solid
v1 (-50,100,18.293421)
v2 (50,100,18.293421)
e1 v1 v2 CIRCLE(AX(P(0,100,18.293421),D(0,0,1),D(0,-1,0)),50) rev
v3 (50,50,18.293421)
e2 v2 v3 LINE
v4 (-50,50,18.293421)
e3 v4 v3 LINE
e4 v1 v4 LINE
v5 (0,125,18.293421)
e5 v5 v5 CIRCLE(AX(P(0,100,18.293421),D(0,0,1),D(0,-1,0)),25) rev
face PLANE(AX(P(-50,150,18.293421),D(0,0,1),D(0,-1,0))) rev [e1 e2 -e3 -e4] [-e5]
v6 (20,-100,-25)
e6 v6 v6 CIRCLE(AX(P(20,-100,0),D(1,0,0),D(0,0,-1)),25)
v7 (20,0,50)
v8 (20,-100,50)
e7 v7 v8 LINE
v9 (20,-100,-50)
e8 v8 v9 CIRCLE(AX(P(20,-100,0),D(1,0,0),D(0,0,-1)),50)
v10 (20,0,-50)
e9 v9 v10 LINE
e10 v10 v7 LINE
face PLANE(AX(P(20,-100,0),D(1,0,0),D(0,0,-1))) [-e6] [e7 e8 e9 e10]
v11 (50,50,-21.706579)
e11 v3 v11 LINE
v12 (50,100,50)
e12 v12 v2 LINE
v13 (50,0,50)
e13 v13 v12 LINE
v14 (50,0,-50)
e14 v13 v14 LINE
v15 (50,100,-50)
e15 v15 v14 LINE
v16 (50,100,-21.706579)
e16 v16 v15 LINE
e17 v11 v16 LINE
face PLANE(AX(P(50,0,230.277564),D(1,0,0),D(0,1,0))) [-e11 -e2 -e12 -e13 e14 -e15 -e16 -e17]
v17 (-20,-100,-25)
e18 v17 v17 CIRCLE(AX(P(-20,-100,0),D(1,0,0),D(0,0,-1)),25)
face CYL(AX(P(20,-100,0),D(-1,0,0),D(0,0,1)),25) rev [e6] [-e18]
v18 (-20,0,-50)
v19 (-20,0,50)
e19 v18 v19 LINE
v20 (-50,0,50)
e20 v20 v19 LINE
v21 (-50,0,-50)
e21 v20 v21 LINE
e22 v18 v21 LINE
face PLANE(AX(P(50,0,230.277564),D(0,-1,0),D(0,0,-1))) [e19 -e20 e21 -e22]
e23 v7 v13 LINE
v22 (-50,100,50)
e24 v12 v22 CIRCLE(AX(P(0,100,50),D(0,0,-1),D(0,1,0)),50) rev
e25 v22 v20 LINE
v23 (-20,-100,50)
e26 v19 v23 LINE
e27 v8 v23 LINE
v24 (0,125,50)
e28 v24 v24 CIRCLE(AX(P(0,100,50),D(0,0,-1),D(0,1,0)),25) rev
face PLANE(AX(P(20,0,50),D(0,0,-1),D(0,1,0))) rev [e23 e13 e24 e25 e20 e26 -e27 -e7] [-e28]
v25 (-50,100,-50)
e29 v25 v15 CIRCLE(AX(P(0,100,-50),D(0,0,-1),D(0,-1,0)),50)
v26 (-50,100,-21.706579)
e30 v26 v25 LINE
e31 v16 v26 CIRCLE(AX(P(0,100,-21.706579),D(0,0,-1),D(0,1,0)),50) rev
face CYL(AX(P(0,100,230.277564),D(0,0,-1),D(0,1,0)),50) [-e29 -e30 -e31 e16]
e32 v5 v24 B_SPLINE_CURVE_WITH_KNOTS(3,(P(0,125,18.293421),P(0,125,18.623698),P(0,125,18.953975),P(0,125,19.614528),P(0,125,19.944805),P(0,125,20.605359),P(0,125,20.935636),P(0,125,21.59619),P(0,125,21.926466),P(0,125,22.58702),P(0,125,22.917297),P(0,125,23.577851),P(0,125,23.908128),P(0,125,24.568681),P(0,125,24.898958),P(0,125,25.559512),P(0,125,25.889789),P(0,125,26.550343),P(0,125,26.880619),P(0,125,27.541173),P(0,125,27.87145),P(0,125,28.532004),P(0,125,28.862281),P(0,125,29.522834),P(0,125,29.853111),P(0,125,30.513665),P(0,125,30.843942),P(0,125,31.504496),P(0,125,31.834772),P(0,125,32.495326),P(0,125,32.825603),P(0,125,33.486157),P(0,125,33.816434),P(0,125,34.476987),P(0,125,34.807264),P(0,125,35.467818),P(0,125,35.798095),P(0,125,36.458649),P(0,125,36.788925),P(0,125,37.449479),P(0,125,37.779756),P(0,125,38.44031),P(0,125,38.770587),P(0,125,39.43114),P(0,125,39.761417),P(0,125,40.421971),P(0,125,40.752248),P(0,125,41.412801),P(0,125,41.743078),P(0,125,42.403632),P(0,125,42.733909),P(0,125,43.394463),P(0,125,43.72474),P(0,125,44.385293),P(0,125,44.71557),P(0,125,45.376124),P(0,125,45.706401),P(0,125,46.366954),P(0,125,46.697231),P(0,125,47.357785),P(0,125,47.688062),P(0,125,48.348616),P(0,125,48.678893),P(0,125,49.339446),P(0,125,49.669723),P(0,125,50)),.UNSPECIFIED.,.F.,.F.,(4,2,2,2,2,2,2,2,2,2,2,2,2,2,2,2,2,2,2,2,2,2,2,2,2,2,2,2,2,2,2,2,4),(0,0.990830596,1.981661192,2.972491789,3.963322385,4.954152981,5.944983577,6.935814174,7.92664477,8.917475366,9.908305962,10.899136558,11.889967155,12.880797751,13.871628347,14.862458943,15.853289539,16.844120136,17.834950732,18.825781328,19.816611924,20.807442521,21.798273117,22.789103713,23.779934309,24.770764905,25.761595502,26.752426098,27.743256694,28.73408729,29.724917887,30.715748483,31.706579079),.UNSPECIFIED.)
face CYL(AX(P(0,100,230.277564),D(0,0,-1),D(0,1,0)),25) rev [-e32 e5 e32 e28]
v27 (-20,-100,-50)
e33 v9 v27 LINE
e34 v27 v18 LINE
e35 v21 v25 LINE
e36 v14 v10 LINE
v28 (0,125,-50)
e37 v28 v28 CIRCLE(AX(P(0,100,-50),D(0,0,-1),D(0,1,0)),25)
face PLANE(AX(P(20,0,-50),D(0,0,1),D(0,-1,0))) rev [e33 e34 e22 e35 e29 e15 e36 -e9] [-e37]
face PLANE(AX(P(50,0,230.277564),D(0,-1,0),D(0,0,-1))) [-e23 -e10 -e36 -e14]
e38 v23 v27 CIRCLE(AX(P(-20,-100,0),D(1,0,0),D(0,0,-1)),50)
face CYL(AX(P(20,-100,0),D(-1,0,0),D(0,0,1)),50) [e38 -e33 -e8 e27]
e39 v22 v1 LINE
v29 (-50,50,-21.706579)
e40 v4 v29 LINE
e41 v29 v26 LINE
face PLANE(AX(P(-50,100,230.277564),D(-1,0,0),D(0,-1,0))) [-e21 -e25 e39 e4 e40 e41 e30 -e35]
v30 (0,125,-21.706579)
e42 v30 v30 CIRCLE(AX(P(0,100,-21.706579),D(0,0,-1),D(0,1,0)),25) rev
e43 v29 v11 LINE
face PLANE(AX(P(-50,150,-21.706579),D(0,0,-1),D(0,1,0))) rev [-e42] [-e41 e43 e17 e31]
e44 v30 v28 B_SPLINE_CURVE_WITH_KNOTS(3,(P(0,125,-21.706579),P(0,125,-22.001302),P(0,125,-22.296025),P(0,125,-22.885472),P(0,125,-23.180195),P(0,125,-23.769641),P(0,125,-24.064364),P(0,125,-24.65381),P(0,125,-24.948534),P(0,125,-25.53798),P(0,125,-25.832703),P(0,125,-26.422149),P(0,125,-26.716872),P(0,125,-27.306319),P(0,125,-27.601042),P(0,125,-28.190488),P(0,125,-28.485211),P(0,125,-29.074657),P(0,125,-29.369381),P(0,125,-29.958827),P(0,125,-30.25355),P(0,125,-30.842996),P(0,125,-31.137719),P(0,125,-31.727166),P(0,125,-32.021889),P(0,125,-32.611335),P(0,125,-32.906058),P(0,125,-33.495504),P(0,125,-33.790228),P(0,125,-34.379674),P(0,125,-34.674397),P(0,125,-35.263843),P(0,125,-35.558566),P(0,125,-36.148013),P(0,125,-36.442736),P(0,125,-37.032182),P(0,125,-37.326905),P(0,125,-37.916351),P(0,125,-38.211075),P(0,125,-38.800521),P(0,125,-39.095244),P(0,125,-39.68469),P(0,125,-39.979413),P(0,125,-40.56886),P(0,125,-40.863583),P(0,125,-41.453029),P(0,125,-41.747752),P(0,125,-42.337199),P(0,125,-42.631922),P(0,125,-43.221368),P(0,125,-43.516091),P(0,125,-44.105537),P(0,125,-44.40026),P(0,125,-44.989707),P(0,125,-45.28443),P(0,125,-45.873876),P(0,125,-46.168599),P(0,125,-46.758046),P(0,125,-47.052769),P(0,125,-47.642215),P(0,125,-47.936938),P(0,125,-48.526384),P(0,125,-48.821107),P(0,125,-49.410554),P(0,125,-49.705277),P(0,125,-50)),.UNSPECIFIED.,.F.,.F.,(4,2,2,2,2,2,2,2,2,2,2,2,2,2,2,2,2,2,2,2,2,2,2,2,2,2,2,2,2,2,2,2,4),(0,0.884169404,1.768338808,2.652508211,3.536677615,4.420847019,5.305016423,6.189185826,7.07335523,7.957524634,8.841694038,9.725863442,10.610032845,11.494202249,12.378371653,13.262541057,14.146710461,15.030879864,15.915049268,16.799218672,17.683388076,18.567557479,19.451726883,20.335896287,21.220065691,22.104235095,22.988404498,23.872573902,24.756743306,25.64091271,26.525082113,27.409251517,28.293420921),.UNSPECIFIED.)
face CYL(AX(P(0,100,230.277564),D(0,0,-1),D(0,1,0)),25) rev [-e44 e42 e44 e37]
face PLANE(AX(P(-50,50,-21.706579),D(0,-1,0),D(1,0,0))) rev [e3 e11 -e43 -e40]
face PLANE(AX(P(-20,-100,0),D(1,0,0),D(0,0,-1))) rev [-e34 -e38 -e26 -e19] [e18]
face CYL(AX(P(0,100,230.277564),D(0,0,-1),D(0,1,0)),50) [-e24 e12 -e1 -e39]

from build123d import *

# Parameters (mm, degrees)
SKETCH2_R               = 25
BOSS_EXTRUDE1_DEPTH     = 20
SKETCH3_R               = 25
BOSS_EXTRUDE2_DEPTH     = 100
CUT_EXTRUDE1_DEPTH      = 188.082869339
CUT_EXTRUDE1_DEPTH_BACK = 188.082869339
SKETCH4_W               = 40
SKETCH4_H               = 100


with BuildPart() as part:
    # Sketch2 → Boss-Extrude1 (new, symmetric)
    with BuildSketch(Plane(origin=(0, 0, 0), x_dir=(0, 0, -1), z_dir=(1, 0, 0))):
        with BuildLine():
            Line((-50, 0), (50, 0))
            Line((50, 0), (50, -100))
            ThreePointArc((50, -100), (0, -150), (-50, -100))
            Line((-50, -100), (-50, 0))
        make_face()
        with Locations((0, -100)):
            Circle(SKETCH2_R, mode=Mode.SUBTRACT)
    extrude(amount=BOSS_EXTRUDE1_DEPTH, both=True)

    # Sketch3 → Boss-Extrude2 (add)
    with BuildSketch(Plane(origin=(0, 0, -50), x_dir=(-1, 0, 0), z_dir=(0, 0, -1))):
        with BuildLine():
            Line((-50, 0), (50, 0))
            Line((50, 0), (50, 100))
            ThreePointArc((50, 100), (0, 150), (-50, 100))
            Line((-50, 100), (-50, 0))
        make_face()
        with Locations(Location((0, 100, 0), (0, 0, 90))):
            Circle(SKETCH3_R, mode=Mode.SUBTRACT)
    extrude(amount=-BOSS_EXTRUDE2_DEPTH)

    # Sketch4 → Cut-Extrude1 (cut, two sides: drawn at the far end of the back side and taken through both)
    with BuildSketch(Plane(origin=(50, 0, 0), x_dir=(0, 0, -1), z_dir=(1, 0, 0)).offset(-CUT_EXTRUDE1_DEPTH_BACK)):
        with Locations((1.706579079, 100)):
            Rectangle(SKETCH4_W, SKETCH4_H)
    extrude(amount=CUT_EXTRUDE1_DEPTH + CUT_EXTRUDE1_DEPTH_BACK, mode=Mode.SUBTRACT)


solid = part.part
